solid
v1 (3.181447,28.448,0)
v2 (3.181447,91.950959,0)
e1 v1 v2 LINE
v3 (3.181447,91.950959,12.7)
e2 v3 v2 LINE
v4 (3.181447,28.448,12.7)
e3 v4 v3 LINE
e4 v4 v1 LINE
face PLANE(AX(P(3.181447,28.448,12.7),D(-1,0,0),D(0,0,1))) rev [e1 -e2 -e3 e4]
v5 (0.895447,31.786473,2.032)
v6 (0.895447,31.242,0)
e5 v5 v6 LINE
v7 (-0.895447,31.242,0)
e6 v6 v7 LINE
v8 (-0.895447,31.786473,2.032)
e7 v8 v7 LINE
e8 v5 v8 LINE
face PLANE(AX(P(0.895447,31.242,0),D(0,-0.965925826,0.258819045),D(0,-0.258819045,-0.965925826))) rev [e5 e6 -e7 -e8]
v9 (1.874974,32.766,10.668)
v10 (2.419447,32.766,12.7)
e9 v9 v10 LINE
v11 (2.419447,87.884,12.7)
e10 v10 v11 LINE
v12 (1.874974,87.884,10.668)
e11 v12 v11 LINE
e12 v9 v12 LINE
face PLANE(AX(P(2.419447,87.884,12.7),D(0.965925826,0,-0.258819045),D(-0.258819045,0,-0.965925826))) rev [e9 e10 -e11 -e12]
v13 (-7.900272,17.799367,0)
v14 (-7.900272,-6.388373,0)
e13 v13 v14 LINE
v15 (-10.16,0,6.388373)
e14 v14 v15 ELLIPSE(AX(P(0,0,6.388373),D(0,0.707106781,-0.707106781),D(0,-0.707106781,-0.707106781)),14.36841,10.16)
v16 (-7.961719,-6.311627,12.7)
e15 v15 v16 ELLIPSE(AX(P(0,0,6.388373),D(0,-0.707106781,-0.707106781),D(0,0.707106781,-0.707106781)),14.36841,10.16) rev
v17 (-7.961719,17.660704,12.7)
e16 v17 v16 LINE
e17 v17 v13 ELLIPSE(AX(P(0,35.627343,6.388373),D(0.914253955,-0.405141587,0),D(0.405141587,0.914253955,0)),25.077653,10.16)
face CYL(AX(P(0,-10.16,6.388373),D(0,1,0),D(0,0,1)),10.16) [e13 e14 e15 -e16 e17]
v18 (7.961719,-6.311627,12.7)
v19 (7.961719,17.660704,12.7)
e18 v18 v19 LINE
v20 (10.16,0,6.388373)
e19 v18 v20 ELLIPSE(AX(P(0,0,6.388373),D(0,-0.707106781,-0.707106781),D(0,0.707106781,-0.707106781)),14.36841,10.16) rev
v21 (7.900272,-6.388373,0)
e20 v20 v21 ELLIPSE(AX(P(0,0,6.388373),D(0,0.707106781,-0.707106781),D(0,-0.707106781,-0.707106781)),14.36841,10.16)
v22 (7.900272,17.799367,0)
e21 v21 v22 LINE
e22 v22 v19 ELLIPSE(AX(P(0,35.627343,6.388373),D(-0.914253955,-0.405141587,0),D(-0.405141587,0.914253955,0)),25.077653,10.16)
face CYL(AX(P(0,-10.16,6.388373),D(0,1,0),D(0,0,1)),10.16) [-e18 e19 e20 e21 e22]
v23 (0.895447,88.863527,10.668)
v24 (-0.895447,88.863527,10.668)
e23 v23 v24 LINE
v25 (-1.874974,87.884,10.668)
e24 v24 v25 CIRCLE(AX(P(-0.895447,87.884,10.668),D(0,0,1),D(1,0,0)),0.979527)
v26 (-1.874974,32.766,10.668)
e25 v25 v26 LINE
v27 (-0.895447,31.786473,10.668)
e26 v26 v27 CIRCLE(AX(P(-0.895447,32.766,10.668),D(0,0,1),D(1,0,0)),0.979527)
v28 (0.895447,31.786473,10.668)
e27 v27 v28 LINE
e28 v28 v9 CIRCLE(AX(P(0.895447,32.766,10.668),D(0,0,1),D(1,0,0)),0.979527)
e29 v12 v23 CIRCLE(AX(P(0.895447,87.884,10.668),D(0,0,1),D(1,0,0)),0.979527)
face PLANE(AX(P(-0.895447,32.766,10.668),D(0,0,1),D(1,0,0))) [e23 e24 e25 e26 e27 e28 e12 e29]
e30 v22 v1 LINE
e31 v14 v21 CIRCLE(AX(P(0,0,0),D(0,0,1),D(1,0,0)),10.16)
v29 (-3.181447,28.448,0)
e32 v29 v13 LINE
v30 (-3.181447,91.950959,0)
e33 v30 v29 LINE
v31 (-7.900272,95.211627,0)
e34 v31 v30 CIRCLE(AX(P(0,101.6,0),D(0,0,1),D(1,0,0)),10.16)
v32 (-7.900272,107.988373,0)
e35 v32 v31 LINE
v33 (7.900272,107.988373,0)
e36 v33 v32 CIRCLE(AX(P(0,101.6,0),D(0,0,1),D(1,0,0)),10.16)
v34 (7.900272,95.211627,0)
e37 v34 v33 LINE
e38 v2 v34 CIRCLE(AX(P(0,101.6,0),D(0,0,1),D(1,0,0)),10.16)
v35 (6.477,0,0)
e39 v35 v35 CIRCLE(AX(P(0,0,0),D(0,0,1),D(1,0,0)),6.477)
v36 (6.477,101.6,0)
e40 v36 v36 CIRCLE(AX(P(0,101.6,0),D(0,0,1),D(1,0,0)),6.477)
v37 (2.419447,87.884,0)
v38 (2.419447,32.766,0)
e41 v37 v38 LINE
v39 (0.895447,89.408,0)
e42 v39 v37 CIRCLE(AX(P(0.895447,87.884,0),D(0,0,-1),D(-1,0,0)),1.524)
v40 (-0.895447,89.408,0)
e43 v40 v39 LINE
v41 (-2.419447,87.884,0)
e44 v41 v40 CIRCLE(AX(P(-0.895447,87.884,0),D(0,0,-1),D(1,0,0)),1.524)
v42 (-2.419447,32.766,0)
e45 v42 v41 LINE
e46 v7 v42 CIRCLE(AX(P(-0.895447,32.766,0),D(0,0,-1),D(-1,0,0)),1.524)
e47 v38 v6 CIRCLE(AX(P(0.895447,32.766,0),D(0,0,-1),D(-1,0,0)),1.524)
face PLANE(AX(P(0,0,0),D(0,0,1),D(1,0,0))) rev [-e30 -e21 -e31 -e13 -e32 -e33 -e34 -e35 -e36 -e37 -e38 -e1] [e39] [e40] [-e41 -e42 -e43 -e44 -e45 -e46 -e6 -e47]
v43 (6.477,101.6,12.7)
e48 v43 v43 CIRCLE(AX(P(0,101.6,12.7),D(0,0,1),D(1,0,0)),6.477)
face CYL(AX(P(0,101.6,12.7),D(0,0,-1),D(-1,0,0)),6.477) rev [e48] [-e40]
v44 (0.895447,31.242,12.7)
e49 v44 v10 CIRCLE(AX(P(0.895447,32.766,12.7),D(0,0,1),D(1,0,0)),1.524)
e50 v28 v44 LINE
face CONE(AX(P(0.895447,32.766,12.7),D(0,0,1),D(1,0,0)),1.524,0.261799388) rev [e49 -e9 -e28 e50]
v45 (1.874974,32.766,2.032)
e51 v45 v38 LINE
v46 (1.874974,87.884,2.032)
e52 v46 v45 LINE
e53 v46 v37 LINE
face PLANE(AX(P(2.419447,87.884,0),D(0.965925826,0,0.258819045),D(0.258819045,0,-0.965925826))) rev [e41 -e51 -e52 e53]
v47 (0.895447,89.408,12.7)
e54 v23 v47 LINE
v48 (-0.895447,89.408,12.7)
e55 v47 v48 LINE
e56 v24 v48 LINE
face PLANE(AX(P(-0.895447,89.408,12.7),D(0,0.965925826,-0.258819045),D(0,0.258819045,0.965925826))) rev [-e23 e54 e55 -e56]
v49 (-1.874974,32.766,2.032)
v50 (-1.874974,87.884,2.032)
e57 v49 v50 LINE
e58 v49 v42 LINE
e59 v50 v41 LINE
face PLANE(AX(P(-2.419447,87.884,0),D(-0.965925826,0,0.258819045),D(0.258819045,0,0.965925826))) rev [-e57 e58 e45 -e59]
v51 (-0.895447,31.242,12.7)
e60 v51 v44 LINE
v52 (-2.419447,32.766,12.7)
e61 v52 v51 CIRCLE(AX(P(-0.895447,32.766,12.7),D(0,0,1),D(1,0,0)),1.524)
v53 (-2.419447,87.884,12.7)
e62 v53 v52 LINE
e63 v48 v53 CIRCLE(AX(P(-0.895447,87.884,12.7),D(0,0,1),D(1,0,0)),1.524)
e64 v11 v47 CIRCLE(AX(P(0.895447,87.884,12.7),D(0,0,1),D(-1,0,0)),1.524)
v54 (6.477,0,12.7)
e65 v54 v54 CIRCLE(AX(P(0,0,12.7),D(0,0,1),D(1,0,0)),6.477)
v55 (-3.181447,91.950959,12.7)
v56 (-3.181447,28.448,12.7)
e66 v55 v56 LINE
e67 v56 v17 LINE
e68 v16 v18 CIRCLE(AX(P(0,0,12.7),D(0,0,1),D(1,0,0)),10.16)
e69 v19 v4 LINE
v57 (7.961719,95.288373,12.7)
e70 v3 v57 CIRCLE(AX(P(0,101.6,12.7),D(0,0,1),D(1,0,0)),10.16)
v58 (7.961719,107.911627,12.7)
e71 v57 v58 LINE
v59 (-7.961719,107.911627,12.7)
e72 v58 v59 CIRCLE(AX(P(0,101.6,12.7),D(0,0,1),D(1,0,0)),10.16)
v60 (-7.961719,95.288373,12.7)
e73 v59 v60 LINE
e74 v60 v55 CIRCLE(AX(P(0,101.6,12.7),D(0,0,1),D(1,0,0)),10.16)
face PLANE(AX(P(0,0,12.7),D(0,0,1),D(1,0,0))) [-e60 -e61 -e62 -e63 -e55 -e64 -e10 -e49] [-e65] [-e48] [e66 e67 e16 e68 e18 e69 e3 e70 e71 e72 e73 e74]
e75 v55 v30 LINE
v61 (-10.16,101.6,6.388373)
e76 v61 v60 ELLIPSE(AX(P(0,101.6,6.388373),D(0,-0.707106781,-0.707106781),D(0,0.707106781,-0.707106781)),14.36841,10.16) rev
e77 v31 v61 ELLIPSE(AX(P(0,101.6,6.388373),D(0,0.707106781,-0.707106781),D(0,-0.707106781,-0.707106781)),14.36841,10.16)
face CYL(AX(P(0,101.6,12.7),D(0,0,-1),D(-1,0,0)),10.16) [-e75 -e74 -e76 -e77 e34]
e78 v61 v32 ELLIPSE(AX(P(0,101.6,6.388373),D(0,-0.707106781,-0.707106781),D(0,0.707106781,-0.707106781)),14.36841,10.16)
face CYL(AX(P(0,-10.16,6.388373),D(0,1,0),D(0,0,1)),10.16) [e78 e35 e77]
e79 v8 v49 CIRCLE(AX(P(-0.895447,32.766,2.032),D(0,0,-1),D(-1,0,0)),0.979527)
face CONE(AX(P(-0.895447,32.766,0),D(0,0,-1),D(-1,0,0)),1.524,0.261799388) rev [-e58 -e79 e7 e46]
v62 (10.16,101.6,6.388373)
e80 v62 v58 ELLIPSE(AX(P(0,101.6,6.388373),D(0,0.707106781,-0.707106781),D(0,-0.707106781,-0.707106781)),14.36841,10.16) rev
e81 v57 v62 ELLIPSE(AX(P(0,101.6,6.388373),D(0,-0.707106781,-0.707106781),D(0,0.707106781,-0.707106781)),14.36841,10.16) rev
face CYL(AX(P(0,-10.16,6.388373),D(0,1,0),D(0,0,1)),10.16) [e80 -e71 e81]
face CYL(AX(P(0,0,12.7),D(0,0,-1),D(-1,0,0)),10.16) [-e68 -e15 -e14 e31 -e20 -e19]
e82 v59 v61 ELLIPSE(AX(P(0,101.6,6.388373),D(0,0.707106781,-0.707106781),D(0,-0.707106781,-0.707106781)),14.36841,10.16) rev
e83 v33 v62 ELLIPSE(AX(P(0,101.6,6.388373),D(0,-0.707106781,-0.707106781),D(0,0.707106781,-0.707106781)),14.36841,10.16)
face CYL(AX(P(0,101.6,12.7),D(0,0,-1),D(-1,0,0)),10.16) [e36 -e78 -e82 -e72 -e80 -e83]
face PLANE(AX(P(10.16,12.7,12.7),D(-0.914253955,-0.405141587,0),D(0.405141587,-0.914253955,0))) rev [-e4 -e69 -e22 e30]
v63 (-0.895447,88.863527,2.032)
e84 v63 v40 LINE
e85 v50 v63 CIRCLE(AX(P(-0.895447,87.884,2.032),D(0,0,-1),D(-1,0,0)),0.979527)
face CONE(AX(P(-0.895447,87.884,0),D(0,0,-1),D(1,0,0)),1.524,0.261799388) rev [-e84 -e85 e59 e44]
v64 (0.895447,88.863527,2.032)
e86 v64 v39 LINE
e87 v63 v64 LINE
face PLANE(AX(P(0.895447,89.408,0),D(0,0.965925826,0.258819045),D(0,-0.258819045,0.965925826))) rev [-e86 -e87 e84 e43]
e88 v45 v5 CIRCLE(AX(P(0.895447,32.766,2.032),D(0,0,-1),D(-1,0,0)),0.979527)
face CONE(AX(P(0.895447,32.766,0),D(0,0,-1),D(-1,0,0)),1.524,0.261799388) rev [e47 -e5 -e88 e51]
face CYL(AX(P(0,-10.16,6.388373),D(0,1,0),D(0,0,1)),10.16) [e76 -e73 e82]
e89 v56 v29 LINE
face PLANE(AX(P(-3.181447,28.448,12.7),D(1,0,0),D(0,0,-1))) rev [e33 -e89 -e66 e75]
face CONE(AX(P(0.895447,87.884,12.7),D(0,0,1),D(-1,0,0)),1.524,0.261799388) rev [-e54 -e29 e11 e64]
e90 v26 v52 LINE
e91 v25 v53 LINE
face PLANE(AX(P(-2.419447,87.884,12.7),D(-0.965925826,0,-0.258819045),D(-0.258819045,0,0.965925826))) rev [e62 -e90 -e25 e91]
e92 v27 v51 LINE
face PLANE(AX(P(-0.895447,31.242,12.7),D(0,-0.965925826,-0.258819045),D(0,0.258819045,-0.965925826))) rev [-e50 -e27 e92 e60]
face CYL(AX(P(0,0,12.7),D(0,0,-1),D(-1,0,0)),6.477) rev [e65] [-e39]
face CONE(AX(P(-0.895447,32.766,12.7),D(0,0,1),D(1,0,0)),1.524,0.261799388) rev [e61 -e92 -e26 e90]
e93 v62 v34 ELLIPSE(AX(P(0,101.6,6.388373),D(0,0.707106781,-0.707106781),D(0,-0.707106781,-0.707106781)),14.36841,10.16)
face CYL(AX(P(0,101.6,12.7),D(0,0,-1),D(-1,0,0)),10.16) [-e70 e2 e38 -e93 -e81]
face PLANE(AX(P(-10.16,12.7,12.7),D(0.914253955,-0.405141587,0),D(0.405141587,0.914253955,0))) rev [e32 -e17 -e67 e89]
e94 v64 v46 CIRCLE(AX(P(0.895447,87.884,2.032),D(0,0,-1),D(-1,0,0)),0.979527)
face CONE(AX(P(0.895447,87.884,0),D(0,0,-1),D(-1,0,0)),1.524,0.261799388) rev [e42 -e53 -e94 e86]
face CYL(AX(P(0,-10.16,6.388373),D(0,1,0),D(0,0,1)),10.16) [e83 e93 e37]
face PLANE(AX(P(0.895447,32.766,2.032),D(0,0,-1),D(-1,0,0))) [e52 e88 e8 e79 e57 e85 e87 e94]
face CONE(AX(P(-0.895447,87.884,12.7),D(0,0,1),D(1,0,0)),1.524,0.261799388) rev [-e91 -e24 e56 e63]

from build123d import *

# Parameters (mm, degrees)
SKETCH1_R               = 6.477
BOSS_EXTRUDE2_DEPTH     = 12.7
CUT_EXTRUDE1_DEPTH      = 2.032
CUT_EXTRUDE1_TAPER      = 15
CUT_EXTRUDE2_DEPTH      = 2.032
CUT_EXTRUDE2_TAPER      = 15
SKETCH6_R               = 15.308441
SKETCH6_R_2             = 10.16
CUT_EXTRUDE3_DEPTH      = 112.76
CUT_EXTRUDE3_DEPTH_BACK = 11.16


with BuildPart() as part:
    # Sketch1 → Boss-Extrude2 (new body)
    with BuildSketch(Plane.XY):
        with BuildLine():
            Line((-10.16, 0), (-10.16, 12.7))
            Line((-10.16, 12.7), (-3.181447, 28.448))
            Line((-3.181447, 28.448), (-3.181447, 91.950959))
            ThreePointArc((-3.181447, 91.950959), (0, 111.76), (3.181447, 91.950959))
            Line((3.181447, 91.950959), (3.181447, 28.448))
            Line((3.181447, 28.448), (10.16, 12.7))
            Line((10.16, 12.7), (10.16, 0))
            ThreePointArc((10.16, 0), (0, -10.16), (-10.16, 0))
        make_face()
        Circle(SKETCH1_R, mode=Mode.SUBTRACT)
        with Locations((0, 101.6)):
            Circle(SKETCH1_R, mode=Mode.SUBTRACT)
    extrude(amount=BOSS_EXTRUDE2_DEPTH)

    # Sketch3 → Cut-Extrude1 (cut)
    with BuildSketch(Plane.XY.offset(12.7)):
        with BuildLine():
            ThreePointArc((-0.895447, 89.408), (-1.973078, 88.961631), (-2.419447, 87.884))
            Line((-2.419447, 87.884), (-2.419447, 32.766))
            ThreePointArc((-2.419447, 32.766), (-1.973078, 31.688369), (-0.895447, 31.242))
            Line((-0.895447, 31.242), (0.895447, 31.242))
            ThreePointArc((0.895447, 31.242), (1.973078, 31.688369), (2.419447, 32.766))
            Line((2.419447, 32.766), (2.419447, 87.884))
            ThreePointArc((2.419447, 87.884), (1.973078, 88.961631), (0.895447, 89.408))
            Line((0.895447, 89.408), (-0.895447, 89.408))
        make_face()
    extrude(amount=-CUT_EXTRUDE1_DEPTH, taper=CUT_EXTRUDE1_TAPER, mode=Mode.SUBTRACT)

    # Sketch5 → Cut-Extrude2 (cut)
    with BuildSketch(Plane(origin=(0, 0, 0), x_dir=(-1, 0, 0), z_dir=(0, 0, -1))):
        with BuildLine():
            ThreePointArc((-0.895447, 89.408), (-1.973078, 88.961631), (-2.419447, 87.884))
            Line((-2.419447, 87.884), (-2.419447, 32.766))
            ThreePointArc((-2.419447, 32.766), (-1.973078, 31.688369), (-0.895447, 31.242))
            Line((-0.895447, 31.242), (0.895447, 31.242))
            ThreePointArc((0.895447, 31.242), (1.973078, 31.688369), (2.419447, 32.766))
            Line((2.419447, 32.766), (2.419447, 87.884))
            ThreePointArc((2.419447, 87.884), (1.973078, 88.961631), (0.895447, 89.408))
            Line((0.895447, 89.408), (-0.895447, 89.408))
        make_face()
    extrude(amount=-CUT_EXTRUDE2_DEPTH, taper=CUT_EXTRUDE2_TAPER, mode=Mode.SUBTRACT)

    # Sketch6 → Cut-Extrude3 (cut, two sides)
    with BuildSketch(Plane(origin=(0, 0, 0), x_dir=(1, 0, 0), z_dir=(0, 1, 0))) as cut_extrude3_sk:
        with Locations((0, -6.388373)):
            Circle(SKETCH6_R)
        with Locations((0, -6.388373)):
            Circle(SKETCH6_R_2, mode=Mode.SUBTRACT)
    extrude(amount=CUT_EXTRUDE3_DEPTH, mode=Mode.SUBTRACT)
    extrude(cut_extrude3_sk.sketch, amount=-CUT_EXTRUDE3_DEPTH_BACK, mode=Mode.SUBTRACT)


solid = part.part
